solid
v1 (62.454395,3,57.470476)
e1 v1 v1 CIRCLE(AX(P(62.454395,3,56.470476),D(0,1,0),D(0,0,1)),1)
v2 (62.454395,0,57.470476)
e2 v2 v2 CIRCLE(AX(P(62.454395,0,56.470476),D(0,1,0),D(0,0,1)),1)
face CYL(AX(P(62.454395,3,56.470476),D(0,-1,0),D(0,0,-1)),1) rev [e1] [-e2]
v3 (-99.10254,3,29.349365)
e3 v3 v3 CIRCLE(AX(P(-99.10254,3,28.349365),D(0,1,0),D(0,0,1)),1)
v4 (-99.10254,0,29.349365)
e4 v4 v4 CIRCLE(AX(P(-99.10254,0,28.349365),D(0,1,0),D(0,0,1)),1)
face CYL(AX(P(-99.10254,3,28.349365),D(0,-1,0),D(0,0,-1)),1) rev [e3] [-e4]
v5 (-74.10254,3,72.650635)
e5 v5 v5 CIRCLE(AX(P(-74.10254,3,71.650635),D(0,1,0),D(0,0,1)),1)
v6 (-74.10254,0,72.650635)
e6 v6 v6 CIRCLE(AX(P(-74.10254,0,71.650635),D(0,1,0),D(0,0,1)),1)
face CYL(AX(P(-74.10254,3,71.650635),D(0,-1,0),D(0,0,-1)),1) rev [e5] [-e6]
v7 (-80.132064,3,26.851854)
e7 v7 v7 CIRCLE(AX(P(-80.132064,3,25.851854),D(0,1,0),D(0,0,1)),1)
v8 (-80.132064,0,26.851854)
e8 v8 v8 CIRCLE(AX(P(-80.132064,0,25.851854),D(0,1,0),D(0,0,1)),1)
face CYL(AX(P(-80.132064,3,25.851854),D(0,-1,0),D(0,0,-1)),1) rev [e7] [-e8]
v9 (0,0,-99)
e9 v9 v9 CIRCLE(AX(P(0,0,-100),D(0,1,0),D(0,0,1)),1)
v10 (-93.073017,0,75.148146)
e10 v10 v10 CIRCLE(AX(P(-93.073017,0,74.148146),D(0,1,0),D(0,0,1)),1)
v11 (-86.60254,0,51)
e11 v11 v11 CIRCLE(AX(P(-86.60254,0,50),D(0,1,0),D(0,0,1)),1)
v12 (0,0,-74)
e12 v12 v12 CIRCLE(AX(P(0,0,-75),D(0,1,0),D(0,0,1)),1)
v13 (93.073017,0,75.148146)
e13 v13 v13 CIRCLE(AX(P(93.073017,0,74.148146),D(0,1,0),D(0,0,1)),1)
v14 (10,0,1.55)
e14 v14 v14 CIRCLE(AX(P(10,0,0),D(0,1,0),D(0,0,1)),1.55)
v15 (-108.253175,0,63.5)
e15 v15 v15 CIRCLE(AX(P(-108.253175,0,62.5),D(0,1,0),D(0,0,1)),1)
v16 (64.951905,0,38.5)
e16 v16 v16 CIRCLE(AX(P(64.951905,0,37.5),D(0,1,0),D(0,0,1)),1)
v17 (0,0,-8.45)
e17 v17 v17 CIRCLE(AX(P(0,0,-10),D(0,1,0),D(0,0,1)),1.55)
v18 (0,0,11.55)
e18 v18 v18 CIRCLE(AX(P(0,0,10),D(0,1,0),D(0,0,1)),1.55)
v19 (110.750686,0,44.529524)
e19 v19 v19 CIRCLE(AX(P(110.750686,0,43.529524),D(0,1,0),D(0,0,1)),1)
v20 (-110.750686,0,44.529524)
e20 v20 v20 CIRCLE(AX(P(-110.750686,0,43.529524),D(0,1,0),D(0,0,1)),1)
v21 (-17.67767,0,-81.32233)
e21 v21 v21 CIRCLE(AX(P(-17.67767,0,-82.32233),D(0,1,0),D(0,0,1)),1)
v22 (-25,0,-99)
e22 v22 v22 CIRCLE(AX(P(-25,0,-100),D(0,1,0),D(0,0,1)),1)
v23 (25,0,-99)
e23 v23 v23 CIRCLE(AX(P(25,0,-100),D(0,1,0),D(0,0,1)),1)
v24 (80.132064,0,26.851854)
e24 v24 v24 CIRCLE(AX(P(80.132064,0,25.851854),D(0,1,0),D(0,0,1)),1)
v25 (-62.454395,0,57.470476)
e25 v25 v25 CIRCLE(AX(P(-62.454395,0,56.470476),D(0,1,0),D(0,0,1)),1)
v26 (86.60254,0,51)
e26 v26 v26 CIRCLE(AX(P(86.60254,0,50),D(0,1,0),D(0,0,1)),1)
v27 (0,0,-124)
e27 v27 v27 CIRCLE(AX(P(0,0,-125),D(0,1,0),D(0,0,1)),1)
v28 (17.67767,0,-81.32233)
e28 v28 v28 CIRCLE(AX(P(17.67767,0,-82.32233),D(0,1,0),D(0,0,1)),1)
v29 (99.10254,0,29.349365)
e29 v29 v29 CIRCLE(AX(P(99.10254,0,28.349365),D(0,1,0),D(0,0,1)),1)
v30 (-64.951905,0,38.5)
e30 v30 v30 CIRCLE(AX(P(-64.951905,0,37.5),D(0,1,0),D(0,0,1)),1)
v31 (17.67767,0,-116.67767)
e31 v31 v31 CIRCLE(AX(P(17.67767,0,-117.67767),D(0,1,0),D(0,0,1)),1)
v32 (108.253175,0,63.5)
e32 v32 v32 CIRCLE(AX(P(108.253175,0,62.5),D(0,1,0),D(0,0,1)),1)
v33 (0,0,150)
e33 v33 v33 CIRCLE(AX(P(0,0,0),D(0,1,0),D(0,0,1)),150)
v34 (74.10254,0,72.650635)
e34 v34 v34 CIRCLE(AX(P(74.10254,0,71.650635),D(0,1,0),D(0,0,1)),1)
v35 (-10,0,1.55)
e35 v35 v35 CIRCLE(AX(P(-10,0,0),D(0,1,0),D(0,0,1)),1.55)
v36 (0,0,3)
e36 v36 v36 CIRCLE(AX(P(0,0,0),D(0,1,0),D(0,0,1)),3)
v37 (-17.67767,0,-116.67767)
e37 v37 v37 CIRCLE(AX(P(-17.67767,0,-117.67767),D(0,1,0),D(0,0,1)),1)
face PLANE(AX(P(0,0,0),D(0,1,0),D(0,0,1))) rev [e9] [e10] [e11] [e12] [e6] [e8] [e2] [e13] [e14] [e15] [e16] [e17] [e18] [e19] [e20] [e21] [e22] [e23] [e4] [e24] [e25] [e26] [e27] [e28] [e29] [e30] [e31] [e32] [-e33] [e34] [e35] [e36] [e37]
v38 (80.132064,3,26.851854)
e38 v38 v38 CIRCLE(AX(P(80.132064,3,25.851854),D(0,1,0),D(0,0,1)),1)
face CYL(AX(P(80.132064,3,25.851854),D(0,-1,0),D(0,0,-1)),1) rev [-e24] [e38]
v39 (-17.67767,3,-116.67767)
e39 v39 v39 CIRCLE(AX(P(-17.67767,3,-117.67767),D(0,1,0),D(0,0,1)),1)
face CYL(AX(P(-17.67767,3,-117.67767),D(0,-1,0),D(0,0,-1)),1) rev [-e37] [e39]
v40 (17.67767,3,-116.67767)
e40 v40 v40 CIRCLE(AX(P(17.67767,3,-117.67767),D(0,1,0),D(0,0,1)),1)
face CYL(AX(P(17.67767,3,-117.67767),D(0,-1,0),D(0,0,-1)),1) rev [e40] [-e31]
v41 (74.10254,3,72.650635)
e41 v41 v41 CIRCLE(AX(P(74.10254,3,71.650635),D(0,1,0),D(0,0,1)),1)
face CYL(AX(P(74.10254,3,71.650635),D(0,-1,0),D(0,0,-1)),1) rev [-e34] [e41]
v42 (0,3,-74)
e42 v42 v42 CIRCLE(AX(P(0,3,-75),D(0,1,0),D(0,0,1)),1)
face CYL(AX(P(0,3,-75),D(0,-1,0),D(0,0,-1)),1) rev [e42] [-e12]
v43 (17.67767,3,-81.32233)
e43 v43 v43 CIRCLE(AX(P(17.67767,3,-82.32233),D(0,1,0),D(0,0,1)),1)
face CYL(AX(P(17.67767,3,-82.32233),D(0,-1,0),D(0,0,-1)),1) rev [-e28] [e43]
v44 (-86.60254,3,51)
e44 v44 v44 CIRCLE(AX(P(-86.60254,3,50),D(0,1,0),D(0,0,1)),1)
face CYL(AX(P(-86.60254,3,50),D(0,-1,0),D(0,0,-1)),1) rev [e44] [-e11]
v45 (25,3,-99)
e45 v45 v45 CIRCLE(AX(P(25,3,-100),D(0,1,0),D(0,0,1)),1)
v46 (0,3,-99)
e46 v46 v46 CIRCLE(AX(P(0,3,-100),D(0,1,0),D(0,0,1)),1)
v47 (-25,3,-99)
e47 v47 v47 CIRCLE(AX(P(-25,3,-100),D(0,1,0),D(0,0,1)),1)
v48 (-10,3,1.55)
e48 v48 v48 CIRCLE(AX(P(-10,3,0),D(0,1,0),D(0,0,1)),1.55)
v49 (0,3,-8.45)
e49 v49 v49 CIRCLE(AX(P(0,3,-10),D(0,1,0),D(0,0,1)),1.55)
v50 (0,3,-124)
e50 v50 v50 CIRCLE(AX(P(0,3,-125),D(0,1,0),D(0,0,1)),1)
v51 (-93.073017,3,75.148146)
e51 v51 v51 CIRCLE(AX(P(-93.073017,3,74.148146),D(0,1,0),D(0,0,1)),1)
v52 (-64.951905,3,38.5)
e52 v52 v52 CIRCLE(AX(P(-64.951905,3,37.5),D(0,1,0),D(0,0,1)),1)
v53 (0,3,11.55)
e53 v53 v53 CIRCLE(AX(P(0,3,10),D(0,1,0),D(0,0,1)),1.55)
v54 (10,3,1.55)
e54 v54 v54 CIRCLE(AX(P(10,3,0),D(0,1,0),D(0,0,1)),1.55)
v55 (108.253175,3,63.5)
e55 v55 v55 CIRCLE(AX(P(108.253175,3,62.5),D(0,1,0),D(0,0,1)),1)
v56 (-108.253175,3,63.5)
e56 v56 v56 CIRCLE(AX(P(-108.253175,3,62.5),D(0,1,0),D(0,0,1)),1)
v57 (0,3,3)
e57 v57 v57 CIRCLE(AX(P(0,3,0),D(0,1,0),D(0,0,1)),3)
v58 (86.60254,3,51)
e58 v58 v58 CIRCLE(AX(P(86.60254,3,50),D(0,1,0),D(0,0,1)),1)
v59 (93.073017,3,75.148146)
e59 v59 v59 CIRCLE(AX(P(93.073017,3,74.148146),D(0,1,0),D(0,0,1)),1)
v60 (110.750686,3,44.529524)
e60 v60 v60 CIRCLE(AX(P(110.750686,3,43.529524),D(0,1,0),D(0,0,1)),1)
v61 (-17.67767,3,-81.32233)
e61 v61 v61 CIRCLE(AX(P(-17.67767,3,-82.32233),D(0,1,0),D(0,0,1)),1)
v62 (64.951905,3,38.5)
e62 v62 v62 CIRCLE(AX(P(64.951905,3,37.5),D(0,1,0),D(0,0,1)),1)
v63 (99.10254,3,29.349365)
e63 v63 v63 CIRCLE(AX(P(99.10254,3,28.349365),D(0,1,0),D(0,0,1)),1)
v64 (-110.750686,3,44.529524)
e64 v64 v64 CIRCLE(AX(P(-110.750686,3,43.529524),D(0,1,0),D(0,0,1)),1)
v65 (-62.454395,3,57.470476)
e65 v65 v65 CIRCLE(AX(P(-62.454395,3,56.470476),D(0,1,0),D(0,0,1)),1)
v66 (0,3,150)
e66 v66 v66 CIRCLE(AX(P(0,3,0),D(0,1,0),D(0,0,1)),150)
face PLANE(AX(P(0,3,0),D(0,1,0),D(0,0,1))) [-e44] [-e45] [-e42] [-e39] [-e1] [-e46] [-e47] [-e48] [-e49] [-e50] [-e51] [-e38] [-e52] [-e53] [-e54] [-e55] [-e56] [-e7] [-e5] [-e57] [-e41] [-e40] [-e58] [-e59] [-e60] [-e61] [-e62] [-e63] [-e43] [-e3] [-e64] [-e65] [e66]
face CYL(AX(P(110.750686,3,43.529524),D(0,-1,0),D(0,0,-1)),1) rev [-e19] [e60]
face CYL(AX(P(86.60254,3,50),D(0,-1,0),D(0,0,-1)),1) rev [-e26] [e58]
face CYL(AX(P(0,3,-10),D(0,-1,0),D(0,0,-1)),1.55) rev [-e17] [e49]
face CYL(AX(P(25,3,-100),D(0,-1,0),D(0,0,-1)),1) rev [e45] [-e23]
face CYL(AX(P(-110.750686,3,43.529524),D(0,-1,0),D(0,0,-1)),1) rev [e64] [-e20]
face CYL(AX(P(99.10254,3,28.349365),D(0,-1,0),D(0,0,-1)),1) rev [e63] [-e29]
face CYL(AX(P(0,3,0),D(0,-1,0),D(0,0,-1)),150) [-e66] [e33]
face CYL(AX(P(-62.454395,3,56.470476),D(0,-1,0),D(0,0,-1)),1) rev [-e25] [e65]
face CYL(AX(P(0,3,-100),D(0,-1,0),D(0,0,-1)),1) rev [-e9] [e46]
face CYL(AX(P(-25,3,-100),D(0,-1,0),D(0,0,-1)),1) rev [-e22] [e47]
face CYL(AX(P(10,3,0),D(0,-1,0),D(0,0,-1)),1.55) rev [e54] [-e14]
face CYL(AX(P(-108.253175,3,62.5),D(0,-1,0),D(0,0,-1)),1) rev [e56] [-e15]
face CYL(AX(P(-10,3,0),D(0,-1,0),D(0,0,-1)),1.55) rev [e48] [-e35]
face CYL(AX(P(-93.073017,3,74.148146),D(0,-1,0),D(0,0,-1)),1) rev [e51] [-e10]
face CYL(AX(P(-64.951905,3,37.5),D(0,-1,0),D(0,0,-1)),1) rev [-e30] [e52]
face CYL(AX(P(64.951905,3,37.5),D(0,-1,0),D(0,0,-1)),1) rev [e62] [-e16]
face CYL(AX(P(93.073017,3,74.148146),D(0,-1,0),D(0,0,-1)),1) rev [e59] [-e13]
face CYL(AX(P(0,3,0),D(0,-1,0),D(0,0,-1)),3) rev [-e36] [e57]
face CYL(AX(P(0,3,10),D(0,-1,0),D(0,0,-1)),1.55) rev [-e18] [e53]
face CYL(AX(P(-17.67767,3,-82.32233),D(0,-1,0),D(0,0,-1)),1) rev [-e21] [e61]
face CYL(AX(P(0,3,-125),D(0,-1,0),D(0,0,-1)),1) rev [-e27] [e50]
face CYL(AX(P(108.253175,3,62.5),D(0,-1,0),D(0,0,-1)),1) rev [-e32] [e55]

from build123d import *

# Parameters (mm, degrees)
SKETCH_1_R      = 150
SKETCH_1_R_2    = 3
SKETCH_1_R_3    = 1.55
SKETCH_1_R_4    = 1
EXTRUDE_1_DEPTH = 3


with BuildPart() as part:
    # 草图1 → 凸台-拉伸1 (new body)
    with BuildSketch(Plane(origin=(0, 0, 0), x_dir=(1, 0, 0), z_dir=(0, 1, 0))):
        with Locations(Location((0, 0, 0), (0, 0, 270))):
            Circle(SKETCH_1_R)
        with Locations(Location((0, 0, 0), (0, 0, 270))):
            Circle(SKETCH_1_R_2, mode=Mode.SUBTRACT)
        with Locations(Location((0, 10, 0), (0, 0, 270))):
            Circle(SKETCH_1_R_3, mode=Mode.SUBTRACT)
        with Locations(Location((10, 0, 0), (0, 0, 270))):
            Circle(SKETCH_1_R_3, mode=Mode.SUBTRACT)
        with Locations(Location((0, -10, 0), (0, 0, 270))):
            Circle(SKETCH_1_R_3, mode=Mode.SUBTRACT)
        with Locations(Location((-10, 0, 0), (0, 0, 270))):
            Circle(SKETCH_1_R_3, mode=Mode.SUBTRACT)
        with Locations(Location((0, 125, 0), (0, 0, 270))):
            Circle(SKETCH_1_R_4, mode=Mode.SUBTRACT)
        with Locations(Location((17.67766953, 117.67766953, 0), (0, 0, 270))):
            Circle(SKETCH_1_R_4, mode=Mode.SUBTRACT)
        with Locations(Location((25, 100, 0), (0, 0, 270))):
            Circle(SKETCH_1_R_4, mode=Mode.SUBTRACT)
        with Locations(Location((17.67766953, 82.32233047, 0), (0, 0, 270))):
            Circle(SKETCH_1_R_4, mode=Mode.SUBTRACT)
        with Locations(Location((0, 75, 0), (0, 0, 270))):
            Circle(SKETCH_1_R_4, mode=Mode.SUBTRACT)
        with Locations(Location((-17.67766953, 82.32233047, 0), (0, 0, 270))):
            Circle(SKETCH_1_R_4, mode=Mode.SUBTRACT)
        with Locations(Location((-25, 100, 0), (0, 0, 270))):
            Circle(SKETCH_1_R_4, mode=Mode.SUBTRACT)
        with Locations(Location((-17.67766953, 117.67766953, 0), (0, 0, 270))):
            Circle(SKETCH_1_R_4, mode=Mode.SUBTRACT)
        with Locations(Location((0, 100, 0), (0, 0, 270))):
            Circle(SKETCH_1_R_4, mode=Mode.SUBTRACT)
        with Locations(Location((110.750686036, -43.529523872, 0), (0, 0, 270))):
            Circle(SKETCH_1_R_4, mode=Mode.SUBTRACT)
        with Locations(Location((108.253175473, -62.5, 0), (0, 0, 270))):
            Circle(SKETCH_1_R_4, mode=Mode.SUBTRACT)
        with Locations(Location((93.073016506, -74.148145657, 0), (0, 0, 270))):
            Circle(SKETCH_1_R_4, mode=Mode.SUBTRACT)
        with Locations(Location((99.102540378, -28.349364905, 0), (0, 0, 270))):
            Circle(SKETCH_1_R_4, mode=Mode.SUBTRACT)
        with Locations(Location((86.602540378, -50, 0), (0, 0, 270))):
            Circle(SKETCH_1_R_4, mode=Mode.SUBTRACT)
        with Locations(Location((80.132064251, -25.851854343, 0), (0, 0, 270))):
            Circle(SKETCH_1_R_4, mode=Mode.SUBTRACT)
        with Locations(Location((64.951905284, -37.5, 0), (0, 0, 270))):
            Circle(SKETCH_1_R_4, mode=Mode.SUBTRACT)
        with Locations(Location((62.454394721, -56.470476128, 0), (0, 0, 270))):
            Circle(SKETCH_1_R_4, mode=Mode.SUBTRACT)
        with Locations(Location((74.102540378, -71.650635095, 0), (0, 0, 270))):
            Circle(SKETCH_1_R_4, mode=Mode.SUBTRACT)
        with Locations(Location((-93.073016506, -74.148145657, 0), (0, 0, 270))):
            Circle(SKETCH_1_R_4, mode=Mode.SUBTRACT)
        with Locations(Location((-108.253175473, -62.5, 0), (0, 0, 270))):
            Circle(SKETCH_1_R_4, mode=Mode.SUBTRACT)
        with Locations(Location((-110.750686036, -43.529523872, 0), (0, 0, 270))):
            Circle(SKETCH_1_R_4, mode=Mode.SUBTRACT)
        with Locations(Location((-74.102540378, -71.650635095, 0), (0, 0, 270))):
            Circle(SKETCH_1_R_4, mode=Mode.SUBTRACT)
        with Locations(Location((-86.602540378, -50, 0), (0, 0, 270))):
            Circle(SKETCH_1_R_4, mode=Mode.SUBTRACT)
        with Locations(Location((-62.454394721, -56.470476128, 0), (0, 0, 270))):
            Circle(SKETCH_1_R_4, mode=Mode.SUBTRACT)
        with Locations(Location((-64.951905284, -37.5, 0), (0, 0, 270))):
            Circle(SKETCH_1_R_4, mode=Mode.SUBTRACT)
        with Locations(Location((-80.132064251, -25.851854343, 0), (0, 0, 270))):
            Circle(SKETCH_1_R_4, mode=Mode.SUBTRACT)
        with Locations(Location((-99.102540378, -28.349364905, 0), (0, 0, 270))):
            Circle(SKETCH_1_R_4, mode=Mode.SUBTRACT)
    extrude(amount=EXTRUDE_1_DEPTH)


solid = part.part
